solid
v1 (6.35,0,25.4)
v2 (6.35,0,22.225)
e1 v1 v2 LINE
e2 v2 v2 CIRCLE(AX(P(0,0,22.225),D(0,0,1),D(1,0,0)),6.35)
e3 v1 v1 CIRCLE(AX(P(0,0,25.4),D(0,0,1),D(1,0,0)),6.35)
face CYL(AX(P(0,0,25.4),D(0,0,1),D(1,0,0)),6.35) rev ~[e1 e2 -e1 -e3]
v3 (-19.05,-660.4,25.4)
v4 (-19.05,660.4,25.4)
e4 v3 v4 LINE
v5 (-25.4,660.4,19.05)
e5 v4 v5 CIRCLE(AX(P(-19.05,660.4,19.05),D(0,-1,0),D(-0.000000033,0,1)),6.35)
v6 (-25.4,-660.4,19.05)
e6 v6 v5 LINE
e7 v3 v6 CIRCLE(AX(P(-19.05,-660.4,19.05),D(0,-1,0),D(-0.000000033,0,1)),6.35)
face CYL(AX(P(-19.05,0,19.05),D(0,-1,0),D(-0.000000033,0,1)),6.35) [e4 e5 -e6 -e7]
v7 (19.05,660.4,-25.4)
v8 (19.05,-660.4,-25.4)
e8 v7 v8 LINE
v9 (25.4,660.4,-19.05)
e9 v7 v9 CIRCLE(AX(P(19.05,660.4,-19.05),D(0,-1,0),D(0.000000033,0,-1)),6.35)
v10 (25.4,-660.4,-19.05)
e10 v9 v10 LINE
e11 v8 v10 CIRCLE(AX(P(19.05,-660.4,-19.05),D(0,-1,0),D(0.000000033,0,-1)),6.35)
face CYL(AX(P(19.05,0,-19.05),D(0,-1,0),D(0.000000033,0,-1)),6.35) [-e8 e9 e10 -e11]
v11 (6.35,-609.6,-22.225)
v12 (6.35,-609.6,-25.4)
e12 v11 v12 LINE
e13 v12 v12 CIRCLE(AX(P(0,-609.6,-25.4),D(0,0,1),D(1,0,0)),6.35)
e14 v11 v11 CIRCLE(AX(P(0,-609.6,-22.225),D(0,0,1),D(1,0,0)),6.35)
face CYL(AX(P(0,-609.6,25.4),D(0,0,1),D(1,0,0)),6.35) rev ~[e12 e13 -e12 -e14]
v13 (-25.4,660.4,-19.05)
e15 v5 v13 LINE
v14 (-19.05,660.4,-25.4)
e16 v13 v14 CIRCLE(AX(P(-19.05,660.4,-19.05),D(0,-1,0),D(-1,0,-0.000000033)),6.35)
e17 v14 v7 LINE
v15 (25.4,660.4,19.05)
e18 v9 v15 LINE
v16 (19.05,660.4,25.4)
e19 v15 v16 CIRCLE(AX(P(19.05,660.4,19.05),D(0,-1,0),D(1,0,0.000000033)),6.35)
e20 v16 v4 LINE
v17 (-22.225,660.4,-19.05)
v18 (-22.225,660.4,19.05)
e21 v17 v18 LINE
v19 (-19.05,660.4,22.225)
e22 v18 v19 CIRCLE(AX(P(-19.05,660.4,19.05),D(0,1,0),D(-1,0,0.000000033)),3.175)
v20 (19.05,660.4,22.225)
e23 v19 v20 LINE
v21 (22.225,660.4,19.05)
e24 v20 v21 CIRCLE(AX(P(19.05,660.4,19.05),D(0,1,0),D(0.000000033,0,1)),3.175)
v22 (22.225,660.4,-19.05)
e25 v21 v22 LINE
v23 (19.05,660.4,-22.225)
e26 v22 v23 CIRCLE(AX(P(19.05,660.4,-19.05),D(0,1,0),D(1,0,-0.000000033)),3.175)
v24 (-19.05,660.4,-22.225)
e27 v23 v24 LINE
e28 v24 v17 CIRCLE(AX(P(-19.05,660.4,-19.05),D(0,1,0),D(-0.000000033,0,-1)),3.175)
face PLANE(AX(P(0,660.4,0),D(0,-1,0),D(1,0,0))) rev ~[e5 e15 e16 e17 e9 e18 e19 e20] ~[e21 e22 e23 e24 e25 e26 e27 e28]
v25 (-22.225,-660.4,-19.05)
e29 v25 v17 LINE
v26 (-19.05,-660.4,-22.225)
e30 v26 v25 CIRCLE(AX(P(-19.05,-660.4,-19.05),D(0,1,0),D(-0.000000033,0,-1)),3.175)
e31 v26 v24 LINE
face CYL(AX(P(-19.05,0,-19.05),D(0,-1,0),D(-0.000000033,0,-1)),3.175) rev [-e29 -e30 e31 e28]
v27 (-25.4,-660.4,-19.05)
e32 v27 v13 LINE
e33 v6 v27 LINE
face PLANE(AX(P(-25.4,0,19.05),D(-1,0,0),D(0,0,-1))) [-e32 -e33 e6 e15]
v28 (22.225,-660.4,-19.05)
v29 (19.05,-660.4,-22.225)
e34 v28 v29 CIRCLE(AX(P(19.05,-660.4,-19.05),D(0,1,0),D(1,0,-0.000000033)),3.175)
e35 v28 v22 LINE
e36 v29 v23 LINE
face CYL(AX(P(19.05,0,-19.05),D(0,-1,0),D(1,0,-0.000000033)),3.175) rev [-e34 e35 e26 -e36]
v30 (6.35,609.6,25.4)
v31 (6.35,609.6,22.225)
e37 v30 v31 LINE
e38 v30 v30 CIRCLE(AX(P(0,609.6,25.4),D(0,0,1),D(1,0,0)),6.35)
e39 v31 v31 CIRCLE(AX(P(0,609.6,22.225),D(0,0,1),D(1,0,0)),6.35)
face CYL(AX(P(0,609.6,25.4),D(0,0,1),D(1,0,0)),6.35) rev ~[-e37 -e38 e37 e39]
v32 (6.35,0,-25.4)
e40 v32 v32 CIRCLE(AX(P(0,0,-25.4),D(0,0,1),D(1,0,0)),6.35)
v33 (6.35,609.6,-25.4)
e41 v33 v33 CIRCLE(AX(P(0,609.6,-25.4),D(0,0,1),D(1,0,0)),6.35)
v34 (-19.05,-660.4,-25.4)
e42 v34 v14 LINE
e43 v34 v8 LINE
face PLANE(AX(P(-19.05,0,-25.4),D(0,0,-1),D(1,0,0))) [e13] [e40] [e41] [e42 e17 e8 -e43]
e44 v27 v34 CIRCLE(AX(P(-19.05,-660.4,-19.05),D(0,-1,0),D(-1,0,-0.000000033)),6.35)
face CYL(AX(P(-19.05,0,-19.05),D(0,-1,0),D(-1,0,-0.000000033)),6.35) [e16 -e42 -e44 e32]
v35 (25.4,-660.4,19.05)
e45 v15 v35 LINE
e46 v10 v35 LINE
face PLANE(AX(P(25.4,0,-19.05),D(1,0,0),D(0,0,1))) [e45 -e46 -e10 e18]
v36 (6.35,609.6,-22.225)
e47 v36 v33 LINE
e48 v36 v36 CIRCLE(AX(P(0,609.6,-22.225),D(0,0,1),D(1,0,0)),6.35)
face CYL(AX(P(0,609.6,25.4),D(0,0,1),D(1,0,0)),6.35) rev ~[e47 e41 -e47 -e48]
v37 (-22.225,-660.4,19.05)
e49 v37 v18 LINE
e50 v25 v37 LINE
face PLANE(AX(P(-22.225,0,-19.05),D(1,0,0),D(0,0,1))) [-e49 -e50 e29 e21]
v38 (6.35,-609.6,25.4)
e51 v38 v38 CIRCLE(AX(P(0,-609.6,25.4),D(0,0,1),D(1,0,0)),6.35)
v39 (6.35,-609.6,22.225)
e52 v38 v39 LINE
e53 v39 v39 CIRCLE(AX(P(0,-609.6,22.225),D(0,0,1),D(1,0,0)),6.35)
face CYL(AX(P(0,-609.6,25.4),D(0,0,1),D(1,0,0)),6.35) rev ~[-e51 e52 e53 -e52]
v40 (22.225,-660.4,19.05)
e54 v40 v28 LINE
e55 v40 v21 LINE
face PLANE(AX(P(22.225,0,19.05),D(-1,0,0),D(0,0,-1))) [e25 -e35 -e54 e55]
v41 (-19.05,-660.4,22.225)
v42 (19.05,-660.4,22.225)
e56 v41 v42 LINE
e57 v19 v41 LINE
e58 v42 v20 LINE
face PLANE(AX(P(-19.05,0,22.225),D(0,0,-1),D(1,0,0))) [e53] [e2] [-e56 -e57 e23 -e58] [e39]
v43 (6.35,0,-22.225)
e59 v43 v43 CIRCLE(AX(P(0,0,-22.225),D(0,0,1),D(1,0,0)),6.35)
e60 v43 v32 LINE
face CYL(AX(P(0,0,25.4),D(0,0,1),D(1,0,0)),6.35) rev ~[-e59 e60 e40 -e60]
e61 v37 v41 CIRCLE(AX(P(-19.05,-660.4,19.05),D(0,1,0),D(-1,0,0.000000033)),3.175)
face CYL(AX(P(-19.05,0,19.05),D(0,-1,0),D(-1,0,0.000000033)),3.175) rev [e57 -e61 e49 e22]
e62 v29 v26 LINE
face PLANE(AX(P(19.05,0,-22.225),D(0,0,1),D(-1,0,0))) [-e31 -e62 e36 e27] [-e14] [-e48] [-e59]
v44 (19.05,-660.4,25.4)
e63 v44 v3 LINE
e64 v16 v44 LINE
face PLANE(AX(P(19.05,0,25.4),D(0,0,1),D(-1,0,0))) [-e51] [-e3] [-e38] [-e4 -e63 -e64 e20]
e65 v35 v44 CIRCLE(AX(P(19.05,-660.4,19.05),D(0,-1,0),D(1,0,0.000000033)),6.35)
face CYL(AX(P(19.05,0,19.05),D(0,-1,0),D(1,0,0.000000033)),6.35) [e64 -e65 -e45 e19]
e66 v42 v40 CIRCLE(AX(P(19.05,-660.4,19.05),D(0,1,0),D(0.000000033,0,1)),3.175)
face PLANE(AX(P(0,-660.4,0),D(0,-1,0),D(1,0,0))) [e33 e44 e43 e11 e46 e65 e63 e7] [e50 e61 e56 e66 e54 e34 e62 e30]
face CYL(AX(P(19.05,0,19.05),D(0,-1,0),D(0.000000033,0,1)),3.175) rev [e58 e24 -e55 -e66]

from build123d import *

# Parameters (mm, degrees)
F1_DEPTH = 660.4
F2_R     = 6.35
F3_DEPTH = 50.801


with BuildPart() as f1:
    # F0 (on Front) → F1 (new body, symmetric)
    with BuildSketch(Plane.XZ):
        with BuildLine():
            Line((-19.05, -25.4), (19.05, -25.4))
            ThreePointArc((19.05, -25.4), (23.540128, -23.540128), (25.4, -19.05))
            Line((25.4, -19.05), (25.4, 19.05))
            ThreePointArc((25.4, 19.05), (23.540128, 23.540128), (19.05, 25.4))
            Line((19.05, 25.4), (-19.05, 25.4))
            ThreePointArc((-19.05, 25.4), (-23.540128, 23.540128), (-25.4, 19.05))
            Line((-25.4, 19.05), (-25.4, -19.05))
            ThreePointArc((-25.4, -19.05), (-23.540128, -23.540128), (-19.05, -25.4))
        make_face()
        with BuildLine():
            Line((-19.05, 22.225), (19.05, 22.225))
            ThreePointArc((19.05, 22.225), (21.295064, 21.295064), (22.225, 19.05))
            Line((22.225, 19.05), (22.225, -19.05))
            ThreePointArc((22.225, -19.05), (21.295064, -21.295064), (19.05, -22.225))
            Line((19.05, -22.225), (-19.05, -22.225))
            ThreePointArc((-19.05, -22.225), (-21.295064, -21.295064), (-22.225, -19.05))
            Line((-22.225, -19.05), (-22.225, 19.05))
            ThreePointArc((-22.225, 19.05), (-21.295064, 21.295064), (-19.05, 22.225))
        make_face(mode=Mode.SUBTRACT)
    extrude(amount=F1_DEPTH, both=True)

    # F2 (on face) → F3 (cut, through all)
    with BuildSketch(Plane.XY.offset(25.4)):
        Circle(F2_R)
        with Locations((0, -609.6)):
            Circle(F2_R)
        with Locations((0, 609.6)):
            Circle(F2_R)
    extrude(amount=-F3_DEPTH, mode=Mode.SUBTRACT)


solid = f1.part
